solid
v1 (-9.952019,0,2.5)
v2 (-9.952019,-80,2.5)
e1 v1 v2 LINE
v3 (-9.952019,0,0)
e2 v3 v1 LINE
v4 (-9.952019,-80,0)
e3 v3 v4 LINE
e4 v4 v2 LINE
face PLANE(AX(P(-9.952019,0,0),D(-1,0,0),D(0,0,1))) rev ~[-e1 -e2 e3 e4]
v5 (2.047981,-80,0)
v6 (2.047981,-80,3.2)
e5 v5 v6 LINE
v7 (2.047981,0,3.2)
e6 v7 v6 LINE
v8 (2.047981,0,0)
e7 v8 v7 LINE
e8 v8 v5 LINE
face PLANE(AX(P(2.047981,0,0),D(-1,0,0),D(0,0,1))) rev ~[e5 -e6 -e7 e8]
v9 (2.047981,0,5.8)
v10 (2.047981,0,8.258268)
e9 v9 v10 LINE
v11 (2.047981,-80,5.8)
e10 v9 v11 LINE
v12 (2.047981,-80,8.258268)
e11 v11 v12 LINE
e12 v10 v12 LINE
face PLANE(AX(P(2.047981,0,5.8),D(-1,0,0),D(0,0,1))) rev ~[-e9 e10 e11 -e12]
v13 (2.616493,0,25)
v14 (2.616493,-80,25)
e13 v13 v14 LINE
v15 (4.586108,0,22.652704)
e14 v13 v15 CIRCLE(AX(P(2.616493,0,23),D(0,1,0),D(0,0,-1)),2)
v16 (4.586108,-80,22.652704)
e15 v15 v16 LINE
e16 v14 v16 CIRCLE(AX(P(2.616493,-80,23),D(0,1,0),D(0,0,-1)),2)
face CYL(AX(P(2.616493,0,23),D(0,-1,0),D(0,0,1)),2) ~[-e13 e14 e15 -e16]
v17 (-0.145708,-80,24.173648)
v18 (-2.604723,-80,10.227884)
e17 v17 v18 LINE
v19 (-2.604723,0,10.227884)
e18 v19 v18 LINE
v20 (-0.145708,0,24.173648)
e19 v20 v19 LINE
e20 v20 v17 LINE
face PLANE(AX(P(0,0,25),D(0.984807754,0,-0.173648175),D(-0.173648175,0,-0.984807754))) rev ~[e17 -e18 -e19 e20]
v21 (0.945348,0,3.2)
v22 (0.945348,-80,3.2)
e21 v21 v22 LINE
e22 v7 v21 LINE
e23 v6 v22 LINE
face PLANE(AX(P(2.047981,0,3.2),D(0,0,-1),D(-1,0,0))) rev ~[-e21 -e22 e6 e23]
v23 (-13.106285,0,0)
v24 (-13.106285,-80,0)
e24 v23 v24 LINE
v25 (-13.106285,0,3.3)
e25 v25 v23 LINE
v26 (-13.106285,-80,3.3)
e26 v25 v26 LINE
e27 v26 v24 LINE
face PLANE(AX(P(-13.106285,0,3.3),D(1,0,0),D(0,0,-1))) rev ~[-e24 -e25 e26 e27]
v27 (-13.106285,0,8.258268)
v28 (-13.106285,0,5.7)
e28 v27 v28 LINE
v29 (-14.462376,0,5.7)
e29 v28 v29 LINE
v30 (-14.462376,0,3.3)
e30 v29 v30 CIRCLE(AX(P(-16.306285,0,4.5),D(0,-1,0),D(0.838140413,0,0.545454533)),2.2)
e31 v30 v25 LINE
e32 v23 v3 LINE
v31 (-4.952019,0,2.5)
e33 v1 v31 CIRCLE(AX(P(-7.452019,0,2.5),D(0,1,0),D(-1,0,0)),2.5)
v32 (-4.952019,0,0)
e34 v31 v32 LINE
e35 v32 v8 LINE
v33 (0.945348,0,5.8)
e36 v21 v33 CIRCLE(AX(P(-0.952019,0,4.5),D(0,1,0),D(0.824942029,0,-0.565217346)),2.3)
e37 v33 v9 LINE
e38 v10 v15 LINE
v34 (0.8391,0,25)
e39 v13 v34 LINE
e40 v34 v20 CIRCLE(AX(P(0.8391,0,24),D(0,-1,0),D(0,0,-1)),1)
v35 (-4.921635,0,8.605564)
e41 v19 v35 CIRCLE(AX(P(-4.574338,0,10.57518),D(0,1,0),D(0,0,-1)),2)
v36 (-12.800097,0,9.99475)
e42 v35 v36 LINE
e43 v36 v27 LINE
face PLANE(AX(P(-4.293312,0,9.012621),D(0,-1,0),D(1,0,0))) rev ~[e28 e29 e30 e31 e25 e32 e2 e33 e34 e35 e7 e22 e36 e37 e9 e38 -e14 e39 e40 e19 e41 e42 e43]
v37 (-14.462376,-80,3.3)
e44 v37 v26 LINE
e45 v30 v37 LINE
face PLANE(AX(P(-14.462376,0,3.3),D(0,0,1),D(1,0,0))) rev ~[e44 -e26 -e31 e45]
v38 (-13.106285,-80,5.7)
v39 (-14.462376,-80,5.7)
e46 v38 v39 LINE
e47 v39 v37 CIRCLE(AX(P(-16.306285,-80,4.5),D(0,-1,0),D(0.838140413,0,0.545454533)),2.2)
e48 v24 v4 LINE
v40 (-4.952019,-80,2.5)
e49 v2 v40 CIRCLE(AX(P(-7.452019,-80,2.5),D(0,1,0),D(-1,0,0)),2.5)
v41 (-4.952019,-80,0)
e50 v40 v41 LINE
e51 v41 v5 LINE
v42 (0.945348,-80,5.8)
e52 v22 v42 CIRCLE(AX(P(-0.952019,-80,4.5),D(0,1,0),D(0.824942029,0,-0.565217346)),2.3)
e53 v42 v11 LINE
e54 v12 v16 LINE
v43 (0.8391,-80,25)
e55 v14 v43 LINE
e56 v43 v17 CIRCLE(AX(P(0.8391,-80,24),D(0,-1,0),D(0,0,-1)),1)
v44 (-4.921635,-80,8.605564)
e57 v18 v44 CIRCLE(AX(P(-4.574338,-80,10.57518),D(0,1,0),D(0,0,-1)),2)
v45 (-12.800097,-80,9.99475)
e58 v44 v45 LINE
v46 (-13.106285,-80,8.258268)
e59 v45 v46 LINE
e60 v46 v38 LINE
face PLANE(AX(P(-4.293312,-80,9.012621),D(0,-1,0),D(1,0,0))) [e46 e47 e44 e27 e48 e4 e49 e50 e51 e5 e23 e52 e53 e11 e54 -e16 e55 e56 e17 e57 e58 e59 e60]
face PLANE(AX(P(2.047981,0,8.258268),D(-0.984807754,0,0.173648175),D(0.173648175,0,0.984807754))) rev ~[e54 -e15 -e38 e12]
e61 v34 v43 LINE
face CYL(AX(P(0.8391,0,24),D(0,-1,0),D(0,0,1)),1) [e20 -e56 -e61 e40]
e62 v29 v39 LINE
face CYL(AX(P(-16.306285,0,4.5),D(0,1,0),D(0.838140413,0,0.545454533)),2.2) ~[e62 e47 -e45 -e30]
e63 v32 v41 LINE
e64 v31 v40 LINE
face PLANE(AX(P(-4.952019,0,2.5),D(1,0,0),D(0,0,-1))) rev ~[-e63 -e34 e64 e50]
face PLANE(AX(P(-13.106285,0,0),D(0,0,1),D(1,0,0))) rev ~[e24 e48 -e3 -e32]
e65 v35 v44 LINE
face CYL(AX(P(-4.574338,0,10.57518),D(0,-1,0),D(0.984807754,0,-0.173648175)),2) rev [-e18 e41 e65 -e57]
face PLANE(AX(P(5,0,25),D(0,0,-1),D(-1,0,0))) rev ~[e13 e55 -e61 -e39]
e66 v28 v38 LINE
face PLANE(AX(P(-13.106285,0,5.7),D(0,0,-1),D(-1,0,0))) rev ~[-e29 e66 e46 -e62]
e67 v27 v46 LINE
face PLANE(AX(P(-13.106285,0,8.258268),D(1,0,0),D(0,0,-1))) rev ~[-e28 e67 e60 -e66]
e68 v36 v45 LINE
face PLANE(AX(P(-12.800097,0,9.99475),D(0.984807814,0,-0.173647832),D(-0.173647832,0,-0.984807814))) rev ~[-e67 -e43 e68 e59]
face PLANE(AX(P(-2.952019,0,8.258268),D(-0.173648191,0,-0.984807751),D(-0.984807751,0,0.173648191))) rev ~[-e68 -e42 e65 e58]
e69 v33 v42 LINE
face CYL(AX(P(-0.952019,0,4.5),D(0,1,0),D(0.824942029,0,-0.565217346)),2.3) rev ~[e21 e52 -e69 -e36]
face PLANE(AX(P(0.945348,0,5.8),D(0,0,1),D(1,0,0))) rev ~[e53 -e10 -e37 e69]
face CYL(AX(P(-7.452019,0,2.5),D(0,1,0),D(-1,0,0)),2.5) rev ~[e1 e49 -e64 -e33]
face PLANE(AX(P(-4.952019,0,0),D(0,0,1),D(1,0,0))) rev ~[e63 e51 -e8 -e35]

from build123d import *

# Parameters (mm, degrees)
F1_DEPTH = 80
F2_R     = 2
F3_R     = 1


with BuildPart() as f1:
    # F0 (on Front) → F1 (new body)
    with BuildSketch(Plane.XZ):
        with BuildLine():
            Line((5, 25), (0, 25))
            Line((0, 25), (-2.952019, 8.258268))
            Line((-2.952019, 8.258268), (-12.800097, 9.99475))
            Line((-12.800097, 9.99475), (-13.106285, 8.258268))
            Line((-13.106285, 8.258268), (-13.106285, 5.7))
            Line((-13.106285, 5.7), (-14.462376, 5.7))
            ThreePointArc((-14.462376, 5.7), (-18.506285, 4.5), (-14.462376, 3.3))
            Line((-14.462376, 3.3), (-13.106285, 3.3))
            Line((-13.106285, 3.3), (-13.106285, 0))
            Line((-13.106285, 0), (-9.952019, 0))
            Line((-9.952019, 0), (-9.952019, 2.5))
            ThreePointArc((-9.952019, 2.5), (-7.452019, 5), (-4.952019, 2.5))
            Line((-4.952019, 2.5), (-4.952019, 0))
            Line((-4.952019, 0), (2.047981, 0))
            Line((2.047981, 0), (2.047981, 3.2))
            Line((2.047981, 3.2), (0.945348, 3.2))
            ThreePointArc((0.945348, 3.2), (-3.252019, 4.5), (0.945348, 5.8))
            Line((0.945348, 5.8), (2.047981, 5.8))
            Line((2.047981, 5.8), (2.047981, 8.258268))
            Line((2.047981, 8.258268), (5, 25))
        make_face()
    extrude(amount=F1_DEPTH)

    # F2
    f2_edges = [f1.edges().sort_by_distance(p)[0] for p in [
        (5, -40, 25),
        (-2.952019, -40, 8.258268),
    ]]
    fillet(f2_edges, radius=F2_R)

    # F3
    f3_edges = [f1.edges().sort_by_distance(p)[0] for p in [
        (0, -40, 25),
    ]]
    fillet(f3_edges, radius=F3_R)


solid = f1.part
